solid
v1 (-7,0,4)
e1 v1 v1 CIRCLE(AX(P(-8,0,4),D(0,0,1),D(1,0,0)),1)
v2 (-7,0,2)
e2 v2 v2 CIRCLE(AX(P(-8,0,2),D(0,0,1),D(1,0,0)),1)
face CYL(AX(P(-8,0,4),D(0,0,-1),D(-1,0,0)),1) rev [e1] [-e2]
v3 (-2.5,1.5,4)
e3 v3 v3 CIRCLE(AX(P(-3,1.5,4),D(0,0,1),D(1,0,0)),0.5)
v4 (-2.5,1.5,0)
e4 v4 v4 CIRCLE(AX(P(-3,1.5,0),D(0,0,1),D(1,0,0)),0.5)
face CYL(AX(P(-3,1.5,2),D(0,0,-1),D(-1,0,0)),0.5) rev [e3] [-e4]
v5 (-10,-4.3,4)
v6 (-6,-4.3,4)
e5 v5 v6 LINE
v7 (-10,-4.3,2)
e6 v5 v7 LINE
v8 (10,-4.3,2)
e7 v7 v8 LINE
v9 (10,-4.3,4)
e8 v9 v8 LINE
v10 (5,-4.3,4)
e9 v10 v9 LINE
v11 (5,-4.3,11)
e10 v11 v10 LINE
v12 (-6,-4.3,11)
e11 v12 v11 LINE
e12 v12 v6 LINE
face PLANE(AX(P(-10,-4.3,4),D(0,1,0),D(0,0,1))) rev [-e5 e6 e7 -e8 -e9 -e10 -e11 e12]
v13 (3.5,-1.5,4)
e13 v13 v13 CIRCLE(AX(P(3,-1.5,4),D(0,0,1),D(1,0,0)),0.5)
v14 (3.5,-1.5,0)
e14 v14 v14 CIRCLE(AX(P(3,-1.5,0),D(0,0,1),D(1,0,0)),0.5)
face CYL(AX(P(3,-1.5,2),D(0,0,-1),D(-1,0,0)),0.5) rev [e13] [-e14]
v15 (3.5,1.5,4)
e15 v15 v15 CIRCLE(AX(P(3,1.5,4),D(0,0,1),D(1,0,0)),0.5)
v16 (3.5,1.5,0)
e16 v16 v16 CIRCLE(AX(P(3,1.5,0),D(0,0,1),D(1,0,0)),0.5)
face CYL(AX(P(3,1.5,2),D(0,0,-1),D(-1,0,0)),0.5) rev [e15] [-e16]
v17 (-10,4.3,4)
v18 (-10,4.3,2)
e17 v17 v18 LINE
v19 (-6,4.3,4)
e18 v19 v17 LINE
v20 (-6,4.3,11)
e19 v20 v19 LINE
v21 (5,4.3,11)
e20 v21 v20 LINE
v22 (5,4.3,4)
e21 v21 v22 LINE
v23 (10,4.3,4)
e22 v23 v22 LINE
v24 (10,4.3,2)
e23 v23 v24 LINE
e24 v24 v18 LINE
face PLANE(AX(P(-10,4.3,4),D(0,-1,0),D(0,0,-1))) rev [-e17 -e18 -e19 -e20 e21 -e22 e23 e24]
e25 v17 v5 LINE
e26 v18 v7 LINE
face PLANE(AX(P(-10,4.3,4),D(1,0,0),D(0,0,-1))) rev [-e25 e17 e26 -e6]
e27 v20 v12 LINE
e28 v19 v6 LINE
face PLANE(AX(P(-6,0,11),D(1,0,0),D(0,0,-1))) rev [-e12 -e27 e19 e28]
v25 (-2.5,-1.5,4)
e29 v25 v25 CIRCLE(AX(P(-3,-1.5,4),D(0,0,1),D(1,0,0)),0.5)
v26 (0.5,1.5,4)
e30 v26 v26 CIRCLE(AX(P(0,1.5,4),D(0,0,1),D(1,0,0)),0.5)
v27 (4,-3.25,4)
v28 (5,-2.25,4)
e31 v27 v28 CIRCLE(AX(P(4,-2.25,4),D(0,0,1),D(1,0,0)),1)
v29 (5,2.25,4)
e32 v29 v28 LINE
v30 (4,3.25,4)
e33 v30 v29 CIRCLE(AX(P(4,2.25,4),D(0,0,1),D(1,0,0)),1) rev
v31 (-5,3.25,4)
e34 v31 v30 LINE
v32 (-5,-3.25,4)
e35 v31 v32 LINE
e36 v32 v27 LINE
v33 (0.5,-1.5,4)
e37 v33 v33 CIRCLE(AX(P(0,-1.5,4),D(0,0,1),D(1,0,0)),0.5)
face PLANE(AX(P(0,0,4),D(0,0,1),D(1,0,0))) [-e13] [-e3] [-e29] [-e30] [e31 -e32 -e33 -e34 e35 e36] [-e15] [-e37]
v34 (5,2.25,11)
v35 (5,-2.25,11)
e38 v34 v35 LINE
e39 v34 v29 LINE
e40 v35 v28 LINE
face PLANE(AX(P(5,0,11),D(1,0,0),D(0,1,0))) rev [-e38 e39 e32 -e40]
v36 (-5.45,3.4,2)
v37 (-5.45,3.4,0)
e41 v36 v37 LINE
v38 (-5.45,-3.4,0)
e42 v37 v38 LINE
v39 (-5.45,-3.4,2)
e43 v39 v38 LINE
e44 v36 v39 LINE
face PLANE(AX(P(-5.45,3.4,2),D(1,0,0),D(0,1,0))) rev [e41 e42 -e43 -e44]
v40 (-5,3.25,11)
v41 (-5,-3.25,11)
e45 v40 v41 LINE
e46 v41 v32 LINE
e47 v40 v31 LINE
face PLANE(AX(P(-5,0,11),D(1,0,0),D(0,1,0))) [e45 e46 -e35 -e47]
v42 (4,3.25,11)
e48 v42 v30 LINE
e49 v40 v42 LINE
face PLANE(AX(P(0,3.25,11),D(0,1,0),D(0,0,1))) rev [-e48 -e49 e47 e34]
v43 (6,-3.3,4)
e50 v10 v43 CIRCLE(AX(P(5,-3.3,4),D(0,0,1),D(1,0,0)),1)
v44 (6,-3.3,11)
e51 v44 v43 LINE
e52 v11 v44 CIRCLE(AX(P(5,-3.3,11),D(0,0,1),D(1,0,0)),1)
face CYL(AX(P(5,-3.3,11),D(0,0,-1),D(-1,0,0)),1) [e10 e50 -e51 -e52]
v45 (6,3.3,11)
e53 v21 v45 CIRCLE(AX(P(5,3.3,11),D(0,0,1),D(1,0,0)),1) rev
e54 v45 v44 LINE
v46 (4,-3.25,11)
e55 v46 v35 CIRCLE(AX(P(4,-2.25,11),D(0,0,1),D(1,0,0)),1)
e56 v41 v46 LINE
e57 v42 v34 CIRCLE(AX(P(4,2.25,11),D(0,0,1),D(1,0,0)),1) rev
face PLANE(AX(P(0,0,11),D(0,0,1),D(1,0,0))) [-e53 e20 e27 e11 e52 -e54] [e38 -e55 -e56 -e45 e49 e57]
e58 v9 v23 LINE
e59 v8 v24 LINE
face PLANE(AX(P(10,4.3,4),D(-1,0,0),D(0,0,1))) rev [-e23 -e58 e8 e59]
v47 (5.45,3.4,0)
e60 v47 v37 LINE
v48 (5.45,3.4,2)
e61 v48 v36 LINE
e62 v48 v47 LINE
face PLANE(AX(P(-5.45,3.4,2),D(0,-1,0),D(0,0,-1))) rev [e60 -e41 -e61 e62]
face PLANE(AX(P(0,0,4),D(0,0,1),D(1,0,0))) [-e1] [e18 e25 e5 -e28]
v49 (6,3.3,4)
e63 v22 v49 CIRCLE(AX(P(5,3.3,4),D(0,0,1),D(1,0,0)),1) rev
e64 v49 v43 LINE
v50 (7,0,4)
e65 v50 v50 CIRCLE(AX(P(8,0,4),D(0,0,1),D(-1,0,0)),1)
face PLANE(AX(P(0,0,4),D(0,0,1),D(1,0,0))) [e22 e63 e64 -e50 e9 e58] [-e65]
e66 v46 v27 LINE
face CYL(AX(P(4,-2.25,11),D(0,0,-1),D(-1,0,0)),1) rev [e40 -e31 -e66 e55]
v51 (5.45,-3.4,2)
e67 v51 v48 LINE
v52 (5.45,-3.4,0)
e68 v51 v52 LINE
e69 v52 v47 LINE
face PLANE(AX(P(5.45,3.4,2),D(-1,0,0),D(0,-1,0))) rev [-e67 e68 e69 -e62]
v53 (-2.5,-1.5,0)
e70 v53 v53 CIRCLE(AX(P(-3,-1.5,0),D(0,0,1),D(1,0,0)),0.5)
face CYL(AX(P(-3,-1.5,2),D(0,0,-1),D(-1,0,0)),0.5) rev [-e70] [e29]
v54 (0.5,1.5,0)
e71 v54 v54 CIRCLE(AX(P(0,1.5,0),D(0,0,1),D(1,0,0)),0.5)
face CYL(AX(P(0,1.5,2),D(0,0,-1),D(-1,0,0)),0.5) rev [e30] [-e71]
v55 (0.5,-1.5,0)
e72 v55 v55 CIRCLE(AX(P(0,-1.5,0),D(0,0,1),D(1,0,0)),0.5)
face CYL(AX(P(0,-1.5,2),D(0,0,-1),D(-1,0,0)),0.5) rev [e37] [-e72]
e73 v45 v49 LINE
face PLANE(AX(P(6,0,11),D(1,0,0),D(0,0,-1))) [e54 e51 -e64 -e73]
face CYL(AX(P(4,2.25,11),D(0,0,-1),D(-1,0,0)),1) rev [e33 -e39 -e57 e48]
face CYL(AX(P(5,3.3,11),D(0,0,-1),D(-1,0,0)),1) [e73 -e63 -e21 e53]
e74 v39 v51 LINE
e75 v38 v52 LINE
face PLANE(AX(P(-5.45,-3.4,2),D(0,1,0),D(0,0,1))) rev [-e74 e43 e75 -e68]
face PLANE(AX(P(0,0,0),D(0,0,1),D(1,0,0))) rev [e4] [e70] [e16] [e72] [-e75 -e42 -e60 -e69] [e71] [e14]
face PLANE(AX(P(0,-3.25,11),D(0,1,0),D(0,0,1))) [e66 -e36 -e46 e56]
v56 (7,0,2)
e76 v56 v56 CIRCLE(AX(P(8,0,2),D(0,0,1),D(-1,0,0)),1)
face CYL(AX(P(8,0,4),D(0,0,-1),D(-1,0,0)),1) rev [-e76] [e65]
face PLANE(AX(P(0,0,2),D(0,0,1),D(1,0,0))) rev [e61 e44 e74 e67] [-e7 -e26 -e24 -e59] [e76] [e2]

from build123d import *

# Parameters (mm, degrees)
SKETCH_1_W      = 10.9
SKETCH_1_H      = 6.8
SKETCH_1_R      = 0.5
EXTRUDE_1_DEPTH = 2
SKETCH_2_W      = 20
SKETCH_2_H      = 8.6
SKETCH_2_R      = 1
SKETCH_2_R_2    = 0.5
EXTRUDE_2_DEPTH = 2
EXTRUDE_3_DEPTH = 7


with BuildPart() as part:
    # 草图1 → 凸台-拉伸1 (new body)
    with BuildSketch(Plane.XY):
        Rectangle(SKETCH_1_W, SKETCH_1_H)
        with Locations((-3, 1.5)):
            Circle(SKETCH_1_R, mode=Mode.SUBTRACT)
        with Locations((0, 1.5)):
            Circle(SKETCH_1_R, mode=Mode.SUBTRACT)
        with Locations((3, 1.5)):
            Circle(SKETCH_1_R, mode=Mode.SUBTRACT)
        with Locations((0, -1.5)):
            Circle(SKETCH_1_R, mode=Mode.SUBTRACT)
        with Locations((3, -1.5)):
            Circle(SKETCH_1_R, mode=Mode.SUBTRACT)
        with Locations((-3, -1.5)):
            Circle(SKETCH_1_R, mode=Mode.SUBTRACT)
    extrude(amount=EXTRUDE_1_DEPTH)

    # 草图2 → 凸台-拉伸2 (add)
    with BuildSketch(Plane.XY.offset(2)):
        Rectangle(SKETCH_2_W, SKETCH_2_H)
        with Locations((-8, 0)):
            Circle(SKETCH_2_R, mode=Mode.SUBTRACT)
        with Locations(Location((8, 0, 0), (0, 0, 180))):
            Circle(SKETCH_2_R, mode=Mode.SUBTRACT)
        with Locations((3, 1.5)):
            Circle(SKETCH_2_R_2, mode=Mode.SUBTRACT)
        with Locations((3, -1.5)):
            Circle(SKETCH_2_R_2, mode=Mode.SUBTRACT)
        with Locations((0, -1.5)):
            Circle(SKETCH_2_R_2, mode=Mode.SUBTRACT)
        with Locations((0, 1.5)):
            Circle(SKETCH_2_R_2, mode=Mode.SUBTRACT)
        with Locations((-3, -1.5)):
            Circle(SKETCH_2_R_2, mode=Mode.SUBTRACT)
        with Locations((-3, 1.5)):
            Circle(SKETCH_2_R_2, mode=Mode.SUBTRACT)
    extrude(amount=EXTRUDE_2_DEPTH)

    # 草图3 → 凸台-拉伸3 (add)
    with BuildSketch(Plane.XY.offset(4)):
        with BuildLine():
            Line((5, 4.3), (-6, 4.3))
            Line((-6, 4.3), (-6, -4.3))
            Line((-6, -4.3), (5, -4.3))
            ThreePointArc((5, -4.3), (5.707106781, -4.007106781), (6, -3.3))
            Line((6, -3.3), (6, 3.3))
            ThreePointArc((6, 3.3), (5.707106781, 4.007106781), (5, 4.3))
        make_face()
        with BuildLine():
            Line((-5, -3.25), (-5, 3.25))
            Line((-5, 3.25), (4, 3.25))
            ThreePointArc((4, 3.25), (4.707106781, 2.957106781), (5, 2.25))
            Line((5, 2.25), (5, -2.25))
            ThreePointArc((5, -2.25), (4.707106781, -2.957106781), (4, -3.25))
            Line((4, -3.25), (-5, -3.25))
        make_face(mode=Mode.SUBTRACT)
    extrude(amount=EXTRUDE_3_DEPTH)


solid = part.part
